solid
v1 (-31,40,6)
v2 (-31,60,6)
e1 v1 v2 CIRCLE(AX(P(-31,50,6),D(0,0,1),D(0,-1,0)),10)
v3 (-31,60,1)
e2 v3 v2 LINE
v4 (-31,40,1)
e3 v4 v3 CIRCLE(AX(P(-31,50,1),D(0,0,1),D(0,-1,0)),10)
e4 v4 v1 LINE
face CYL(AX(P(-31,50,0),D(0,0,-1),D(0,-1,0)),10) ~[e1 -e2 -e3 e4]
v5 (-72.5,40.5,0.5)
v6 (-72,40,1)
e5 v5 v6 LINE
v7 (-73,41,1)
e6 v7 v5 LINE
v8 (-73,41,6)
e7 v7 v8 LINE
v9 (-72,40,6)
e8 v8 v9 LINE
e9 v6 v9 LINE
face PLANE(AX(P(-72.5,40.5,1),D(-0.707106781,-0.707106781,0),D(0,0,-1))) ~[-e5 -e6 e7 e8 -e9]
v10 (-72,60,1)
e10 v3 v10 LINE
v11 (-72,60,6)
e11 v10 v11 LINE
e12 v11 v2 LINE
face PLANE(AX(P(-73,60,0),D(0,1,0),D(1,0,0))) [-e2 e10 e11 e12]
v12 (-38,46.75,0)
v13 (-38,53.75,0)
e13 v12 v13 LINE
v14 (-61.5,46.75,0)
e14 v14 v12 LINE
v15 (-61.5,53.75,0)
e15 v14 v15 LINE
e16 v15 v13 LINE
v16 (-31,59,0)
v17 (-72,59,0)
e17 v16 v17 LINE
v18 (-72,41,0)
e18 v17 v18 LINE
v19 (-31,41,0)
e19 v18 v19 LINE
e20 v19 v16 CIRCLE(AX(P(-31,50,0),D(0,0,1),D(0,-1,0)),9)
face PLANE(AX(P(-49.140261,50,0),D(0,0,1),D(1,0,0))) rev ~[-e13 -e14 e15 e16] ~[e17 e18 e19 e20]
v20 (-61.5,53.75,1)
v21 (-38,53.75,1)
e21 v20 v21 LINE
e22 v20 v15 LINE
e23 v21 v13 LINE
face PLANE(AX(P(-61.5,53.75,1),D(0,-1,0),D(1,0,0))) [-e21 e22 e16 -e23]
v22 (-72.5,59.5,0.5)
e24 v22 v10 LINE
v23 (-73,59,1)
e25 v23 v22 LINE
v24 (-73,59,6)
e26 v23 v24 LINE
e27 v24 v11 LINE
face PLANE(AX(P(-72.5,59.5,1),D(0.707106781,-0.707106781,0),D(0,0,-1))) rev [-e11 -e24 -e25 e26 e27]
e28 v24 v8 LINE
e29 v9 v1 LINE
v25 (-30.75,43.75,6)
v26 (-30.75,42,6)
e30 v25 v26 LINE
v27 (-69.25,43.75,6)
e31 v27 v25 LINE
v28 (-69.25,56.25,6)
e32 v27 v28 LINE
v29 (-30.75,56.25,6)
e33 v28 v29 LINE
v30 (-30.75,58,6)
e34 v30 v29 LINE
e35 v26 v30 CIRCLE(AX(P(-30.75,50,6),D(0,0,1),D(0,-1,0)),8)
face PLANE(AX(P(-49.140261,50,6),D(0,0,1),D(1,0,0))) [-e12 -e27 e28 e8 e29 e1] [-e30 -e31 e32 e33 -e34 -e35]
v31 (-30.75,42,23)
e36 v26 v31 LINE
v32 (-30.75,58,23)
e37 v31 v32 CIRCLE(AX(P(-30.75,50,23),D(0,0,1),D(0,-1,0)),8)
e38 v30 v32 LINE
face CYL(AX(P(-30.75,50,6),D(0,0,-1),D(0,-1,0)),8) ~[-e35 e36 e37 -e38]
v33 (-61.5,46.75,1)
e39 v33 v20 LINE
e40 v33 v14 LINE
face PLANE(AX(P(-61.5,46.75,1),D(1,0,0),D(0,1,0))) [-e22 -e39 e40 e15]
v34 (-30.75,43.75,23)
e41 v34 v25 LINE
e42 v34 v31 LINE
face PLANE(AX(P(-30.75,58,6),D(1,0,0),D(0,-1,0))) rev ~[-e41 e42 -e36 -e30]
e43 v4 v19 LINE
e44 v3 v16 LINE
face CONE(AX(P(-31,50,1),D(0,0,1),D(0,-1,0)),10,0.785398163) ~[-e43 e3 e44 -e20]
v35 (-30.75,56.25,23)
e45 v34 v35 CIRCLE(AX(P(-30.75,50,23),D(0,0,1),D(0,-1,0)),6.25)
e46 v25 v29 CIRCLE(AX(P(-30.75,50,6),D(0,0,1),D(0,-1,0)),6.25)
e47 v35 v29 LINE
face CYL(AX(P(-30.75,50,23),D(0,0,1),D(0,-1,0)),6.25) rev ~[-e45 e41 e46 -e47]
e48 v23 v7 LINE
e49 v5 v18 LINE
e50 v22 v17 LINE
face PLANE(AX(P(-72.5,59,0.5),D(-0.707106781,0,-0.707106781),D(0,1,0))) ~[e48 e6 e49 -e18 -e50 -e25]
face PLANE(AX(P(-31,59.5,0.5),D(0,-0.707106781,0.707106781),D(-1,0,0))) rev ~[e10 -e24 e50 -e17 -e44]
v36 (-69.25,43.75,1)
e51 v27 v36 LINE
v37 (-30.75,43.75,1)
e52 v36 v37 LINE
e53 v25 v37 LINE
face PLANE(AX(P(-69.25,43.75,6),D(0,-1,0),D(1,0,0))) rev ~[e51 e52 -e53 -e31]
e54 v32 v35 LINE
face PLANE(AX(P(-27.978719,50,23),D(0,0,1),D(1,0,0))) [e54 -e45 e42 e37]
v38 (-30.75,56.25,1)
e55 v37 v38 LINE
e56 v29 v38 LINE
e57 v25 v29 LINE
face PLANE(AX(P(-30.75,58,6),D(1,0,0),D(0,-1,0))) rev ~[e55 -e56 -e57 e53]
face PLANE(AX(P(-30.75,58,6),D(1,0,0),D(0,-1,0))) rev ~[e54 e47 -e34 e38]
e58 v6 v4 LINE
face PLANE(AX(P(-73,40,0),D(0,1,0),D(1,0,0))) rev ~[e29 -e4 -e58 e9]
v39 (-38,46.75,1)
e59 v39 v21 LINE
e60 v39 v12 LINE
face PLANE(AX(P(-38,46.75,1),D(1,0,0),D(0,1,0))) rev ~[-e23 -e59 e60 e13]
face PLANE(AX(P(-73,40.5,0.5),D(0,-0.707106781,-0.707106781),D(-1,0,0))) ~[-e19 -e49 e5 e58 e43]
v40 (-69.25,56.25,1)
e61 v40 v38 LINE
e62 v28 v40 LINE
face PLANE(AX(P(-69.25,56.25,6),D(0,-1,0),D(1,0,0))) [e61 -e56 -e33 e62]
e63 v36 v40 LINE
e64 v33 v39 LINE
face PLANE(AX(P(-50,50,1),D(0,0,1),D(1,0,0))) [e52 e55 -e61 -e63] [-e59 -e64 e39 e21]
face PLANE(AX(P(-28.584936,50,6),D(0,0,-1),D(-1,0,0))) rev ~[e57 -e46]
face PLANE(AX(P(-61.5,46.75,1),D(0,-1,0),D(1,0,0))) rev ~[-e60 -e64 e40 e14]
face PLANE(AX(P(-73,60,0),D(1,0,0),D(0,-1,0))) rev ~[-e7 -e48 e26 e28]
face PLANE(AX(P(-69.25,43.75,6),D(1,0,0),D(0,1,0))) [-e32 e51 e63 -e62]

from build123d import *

# Parameters (mm, degrees)
PAD005_DEPTH    = 6
SKETCH015_W     = 38.5
SKETCH015_H     = 12.5
POCKET003_DEPTH = 5
SKETCH017_W     = 23.5
SKETCH017_H     = 7
POCKET010_DEPTH = 1
PAD006_DEPTH    = 17
POCKET011_DEPTH = 17
CHAMFER002_SIZE = 1
CHAMFER003_SIZE = 1
CHAMFER004_SIZE = 1


with BuildPart() as part:
    # Sketch016 → Pad005 (new body)
    with BuildSketch(Plane.XY):
        with BuildLine():
            Line((-23, 10), (-23, -10))
            Line((-23, -10), (19, -10))
            ThreePointArc((19, -10), (29, 0), (19, 10))
            Line((-23, 10), (19, 10))
        make_face()
    extrude(amount=PAD005_DEPTH)

    # Sketch015 (on Face6 of Pad005) → Pocket003 (cut)
    with BuildSketch(Plane.XY.offset(6)):
        Rectangle(SKETCH015_W, SKETCH015_H)
    extrude(amount=-POCKET003_DEPTH, mode=Mode.SUBTRACT)

    # Sketch017 (on Face11 of Pocket003) → Pocket010 (cut)
    with BuildSketch(Plane.XY.offset(1)):
        with Locations((0.25, 0.25)):
            Rectangle(SKETCH017_W, SKETCH017_H)
    extrude(amount=-POCKET010_DEPTH, mode=Mode.SUBTRACT)

    # Sketch018 (on Face5 of Pocket010) → Pad006 (join)
    with BuildSketch(Plane.XY.offset(6)):
        with BuildLine():
            Line((19.25, 8), (19.25, -8))
            ThreePointArc((19.25, -8), (27.25, 0), (19.25, 8))
        make_face()
    extrude(amount=PAD006_DEPTH)

    # Sketch019 (on Face16 of Pad006) → Pocket011 (cut)
    with BuildSketch(Plane.XY.offset(23)):
        with BuildLine():
            Line((19.25, -6.25), (19.25, 6.25))
            ThreePointArc((19.25, -6.25), (25.5, 0), (19.25, 6.25))
        make_face()
    extrude(amount=-POCKET011_DEPTH, mode=Mode.SUBTRACT)

    # Chamfer002
    chamfer002_edges = [part.edges().sort_by_distance(p)[0] for p in [
        (-2, -10, 0),
    ]]
    chamfer(chamfer002_edges, length=CHAMFER002_SIZE)

    # Chamfer003
    chamfer003_edges = [part.edges().sort_by_distance(p)[0] for p in [
        (-23, 0, 0),
    ]]
    chamfer(chamfer003_edges, length=CHAMFER003_SIZE)

    # Chamfer004
    chamfer004_edges = [part.edges().sort_by_distance(p)[0] for p in [
        (-23, 10, 3.5),
        (-23, -10, 3.5),
    ]]
    chamfer(chamfer004_edges, length=CHAMFER004_SIZE)


with BuildPart() as part_1:
    # Body006 placement: moved
    add(part.part.moved(Location((-50, 50, 0))))


solid = part_1.part
